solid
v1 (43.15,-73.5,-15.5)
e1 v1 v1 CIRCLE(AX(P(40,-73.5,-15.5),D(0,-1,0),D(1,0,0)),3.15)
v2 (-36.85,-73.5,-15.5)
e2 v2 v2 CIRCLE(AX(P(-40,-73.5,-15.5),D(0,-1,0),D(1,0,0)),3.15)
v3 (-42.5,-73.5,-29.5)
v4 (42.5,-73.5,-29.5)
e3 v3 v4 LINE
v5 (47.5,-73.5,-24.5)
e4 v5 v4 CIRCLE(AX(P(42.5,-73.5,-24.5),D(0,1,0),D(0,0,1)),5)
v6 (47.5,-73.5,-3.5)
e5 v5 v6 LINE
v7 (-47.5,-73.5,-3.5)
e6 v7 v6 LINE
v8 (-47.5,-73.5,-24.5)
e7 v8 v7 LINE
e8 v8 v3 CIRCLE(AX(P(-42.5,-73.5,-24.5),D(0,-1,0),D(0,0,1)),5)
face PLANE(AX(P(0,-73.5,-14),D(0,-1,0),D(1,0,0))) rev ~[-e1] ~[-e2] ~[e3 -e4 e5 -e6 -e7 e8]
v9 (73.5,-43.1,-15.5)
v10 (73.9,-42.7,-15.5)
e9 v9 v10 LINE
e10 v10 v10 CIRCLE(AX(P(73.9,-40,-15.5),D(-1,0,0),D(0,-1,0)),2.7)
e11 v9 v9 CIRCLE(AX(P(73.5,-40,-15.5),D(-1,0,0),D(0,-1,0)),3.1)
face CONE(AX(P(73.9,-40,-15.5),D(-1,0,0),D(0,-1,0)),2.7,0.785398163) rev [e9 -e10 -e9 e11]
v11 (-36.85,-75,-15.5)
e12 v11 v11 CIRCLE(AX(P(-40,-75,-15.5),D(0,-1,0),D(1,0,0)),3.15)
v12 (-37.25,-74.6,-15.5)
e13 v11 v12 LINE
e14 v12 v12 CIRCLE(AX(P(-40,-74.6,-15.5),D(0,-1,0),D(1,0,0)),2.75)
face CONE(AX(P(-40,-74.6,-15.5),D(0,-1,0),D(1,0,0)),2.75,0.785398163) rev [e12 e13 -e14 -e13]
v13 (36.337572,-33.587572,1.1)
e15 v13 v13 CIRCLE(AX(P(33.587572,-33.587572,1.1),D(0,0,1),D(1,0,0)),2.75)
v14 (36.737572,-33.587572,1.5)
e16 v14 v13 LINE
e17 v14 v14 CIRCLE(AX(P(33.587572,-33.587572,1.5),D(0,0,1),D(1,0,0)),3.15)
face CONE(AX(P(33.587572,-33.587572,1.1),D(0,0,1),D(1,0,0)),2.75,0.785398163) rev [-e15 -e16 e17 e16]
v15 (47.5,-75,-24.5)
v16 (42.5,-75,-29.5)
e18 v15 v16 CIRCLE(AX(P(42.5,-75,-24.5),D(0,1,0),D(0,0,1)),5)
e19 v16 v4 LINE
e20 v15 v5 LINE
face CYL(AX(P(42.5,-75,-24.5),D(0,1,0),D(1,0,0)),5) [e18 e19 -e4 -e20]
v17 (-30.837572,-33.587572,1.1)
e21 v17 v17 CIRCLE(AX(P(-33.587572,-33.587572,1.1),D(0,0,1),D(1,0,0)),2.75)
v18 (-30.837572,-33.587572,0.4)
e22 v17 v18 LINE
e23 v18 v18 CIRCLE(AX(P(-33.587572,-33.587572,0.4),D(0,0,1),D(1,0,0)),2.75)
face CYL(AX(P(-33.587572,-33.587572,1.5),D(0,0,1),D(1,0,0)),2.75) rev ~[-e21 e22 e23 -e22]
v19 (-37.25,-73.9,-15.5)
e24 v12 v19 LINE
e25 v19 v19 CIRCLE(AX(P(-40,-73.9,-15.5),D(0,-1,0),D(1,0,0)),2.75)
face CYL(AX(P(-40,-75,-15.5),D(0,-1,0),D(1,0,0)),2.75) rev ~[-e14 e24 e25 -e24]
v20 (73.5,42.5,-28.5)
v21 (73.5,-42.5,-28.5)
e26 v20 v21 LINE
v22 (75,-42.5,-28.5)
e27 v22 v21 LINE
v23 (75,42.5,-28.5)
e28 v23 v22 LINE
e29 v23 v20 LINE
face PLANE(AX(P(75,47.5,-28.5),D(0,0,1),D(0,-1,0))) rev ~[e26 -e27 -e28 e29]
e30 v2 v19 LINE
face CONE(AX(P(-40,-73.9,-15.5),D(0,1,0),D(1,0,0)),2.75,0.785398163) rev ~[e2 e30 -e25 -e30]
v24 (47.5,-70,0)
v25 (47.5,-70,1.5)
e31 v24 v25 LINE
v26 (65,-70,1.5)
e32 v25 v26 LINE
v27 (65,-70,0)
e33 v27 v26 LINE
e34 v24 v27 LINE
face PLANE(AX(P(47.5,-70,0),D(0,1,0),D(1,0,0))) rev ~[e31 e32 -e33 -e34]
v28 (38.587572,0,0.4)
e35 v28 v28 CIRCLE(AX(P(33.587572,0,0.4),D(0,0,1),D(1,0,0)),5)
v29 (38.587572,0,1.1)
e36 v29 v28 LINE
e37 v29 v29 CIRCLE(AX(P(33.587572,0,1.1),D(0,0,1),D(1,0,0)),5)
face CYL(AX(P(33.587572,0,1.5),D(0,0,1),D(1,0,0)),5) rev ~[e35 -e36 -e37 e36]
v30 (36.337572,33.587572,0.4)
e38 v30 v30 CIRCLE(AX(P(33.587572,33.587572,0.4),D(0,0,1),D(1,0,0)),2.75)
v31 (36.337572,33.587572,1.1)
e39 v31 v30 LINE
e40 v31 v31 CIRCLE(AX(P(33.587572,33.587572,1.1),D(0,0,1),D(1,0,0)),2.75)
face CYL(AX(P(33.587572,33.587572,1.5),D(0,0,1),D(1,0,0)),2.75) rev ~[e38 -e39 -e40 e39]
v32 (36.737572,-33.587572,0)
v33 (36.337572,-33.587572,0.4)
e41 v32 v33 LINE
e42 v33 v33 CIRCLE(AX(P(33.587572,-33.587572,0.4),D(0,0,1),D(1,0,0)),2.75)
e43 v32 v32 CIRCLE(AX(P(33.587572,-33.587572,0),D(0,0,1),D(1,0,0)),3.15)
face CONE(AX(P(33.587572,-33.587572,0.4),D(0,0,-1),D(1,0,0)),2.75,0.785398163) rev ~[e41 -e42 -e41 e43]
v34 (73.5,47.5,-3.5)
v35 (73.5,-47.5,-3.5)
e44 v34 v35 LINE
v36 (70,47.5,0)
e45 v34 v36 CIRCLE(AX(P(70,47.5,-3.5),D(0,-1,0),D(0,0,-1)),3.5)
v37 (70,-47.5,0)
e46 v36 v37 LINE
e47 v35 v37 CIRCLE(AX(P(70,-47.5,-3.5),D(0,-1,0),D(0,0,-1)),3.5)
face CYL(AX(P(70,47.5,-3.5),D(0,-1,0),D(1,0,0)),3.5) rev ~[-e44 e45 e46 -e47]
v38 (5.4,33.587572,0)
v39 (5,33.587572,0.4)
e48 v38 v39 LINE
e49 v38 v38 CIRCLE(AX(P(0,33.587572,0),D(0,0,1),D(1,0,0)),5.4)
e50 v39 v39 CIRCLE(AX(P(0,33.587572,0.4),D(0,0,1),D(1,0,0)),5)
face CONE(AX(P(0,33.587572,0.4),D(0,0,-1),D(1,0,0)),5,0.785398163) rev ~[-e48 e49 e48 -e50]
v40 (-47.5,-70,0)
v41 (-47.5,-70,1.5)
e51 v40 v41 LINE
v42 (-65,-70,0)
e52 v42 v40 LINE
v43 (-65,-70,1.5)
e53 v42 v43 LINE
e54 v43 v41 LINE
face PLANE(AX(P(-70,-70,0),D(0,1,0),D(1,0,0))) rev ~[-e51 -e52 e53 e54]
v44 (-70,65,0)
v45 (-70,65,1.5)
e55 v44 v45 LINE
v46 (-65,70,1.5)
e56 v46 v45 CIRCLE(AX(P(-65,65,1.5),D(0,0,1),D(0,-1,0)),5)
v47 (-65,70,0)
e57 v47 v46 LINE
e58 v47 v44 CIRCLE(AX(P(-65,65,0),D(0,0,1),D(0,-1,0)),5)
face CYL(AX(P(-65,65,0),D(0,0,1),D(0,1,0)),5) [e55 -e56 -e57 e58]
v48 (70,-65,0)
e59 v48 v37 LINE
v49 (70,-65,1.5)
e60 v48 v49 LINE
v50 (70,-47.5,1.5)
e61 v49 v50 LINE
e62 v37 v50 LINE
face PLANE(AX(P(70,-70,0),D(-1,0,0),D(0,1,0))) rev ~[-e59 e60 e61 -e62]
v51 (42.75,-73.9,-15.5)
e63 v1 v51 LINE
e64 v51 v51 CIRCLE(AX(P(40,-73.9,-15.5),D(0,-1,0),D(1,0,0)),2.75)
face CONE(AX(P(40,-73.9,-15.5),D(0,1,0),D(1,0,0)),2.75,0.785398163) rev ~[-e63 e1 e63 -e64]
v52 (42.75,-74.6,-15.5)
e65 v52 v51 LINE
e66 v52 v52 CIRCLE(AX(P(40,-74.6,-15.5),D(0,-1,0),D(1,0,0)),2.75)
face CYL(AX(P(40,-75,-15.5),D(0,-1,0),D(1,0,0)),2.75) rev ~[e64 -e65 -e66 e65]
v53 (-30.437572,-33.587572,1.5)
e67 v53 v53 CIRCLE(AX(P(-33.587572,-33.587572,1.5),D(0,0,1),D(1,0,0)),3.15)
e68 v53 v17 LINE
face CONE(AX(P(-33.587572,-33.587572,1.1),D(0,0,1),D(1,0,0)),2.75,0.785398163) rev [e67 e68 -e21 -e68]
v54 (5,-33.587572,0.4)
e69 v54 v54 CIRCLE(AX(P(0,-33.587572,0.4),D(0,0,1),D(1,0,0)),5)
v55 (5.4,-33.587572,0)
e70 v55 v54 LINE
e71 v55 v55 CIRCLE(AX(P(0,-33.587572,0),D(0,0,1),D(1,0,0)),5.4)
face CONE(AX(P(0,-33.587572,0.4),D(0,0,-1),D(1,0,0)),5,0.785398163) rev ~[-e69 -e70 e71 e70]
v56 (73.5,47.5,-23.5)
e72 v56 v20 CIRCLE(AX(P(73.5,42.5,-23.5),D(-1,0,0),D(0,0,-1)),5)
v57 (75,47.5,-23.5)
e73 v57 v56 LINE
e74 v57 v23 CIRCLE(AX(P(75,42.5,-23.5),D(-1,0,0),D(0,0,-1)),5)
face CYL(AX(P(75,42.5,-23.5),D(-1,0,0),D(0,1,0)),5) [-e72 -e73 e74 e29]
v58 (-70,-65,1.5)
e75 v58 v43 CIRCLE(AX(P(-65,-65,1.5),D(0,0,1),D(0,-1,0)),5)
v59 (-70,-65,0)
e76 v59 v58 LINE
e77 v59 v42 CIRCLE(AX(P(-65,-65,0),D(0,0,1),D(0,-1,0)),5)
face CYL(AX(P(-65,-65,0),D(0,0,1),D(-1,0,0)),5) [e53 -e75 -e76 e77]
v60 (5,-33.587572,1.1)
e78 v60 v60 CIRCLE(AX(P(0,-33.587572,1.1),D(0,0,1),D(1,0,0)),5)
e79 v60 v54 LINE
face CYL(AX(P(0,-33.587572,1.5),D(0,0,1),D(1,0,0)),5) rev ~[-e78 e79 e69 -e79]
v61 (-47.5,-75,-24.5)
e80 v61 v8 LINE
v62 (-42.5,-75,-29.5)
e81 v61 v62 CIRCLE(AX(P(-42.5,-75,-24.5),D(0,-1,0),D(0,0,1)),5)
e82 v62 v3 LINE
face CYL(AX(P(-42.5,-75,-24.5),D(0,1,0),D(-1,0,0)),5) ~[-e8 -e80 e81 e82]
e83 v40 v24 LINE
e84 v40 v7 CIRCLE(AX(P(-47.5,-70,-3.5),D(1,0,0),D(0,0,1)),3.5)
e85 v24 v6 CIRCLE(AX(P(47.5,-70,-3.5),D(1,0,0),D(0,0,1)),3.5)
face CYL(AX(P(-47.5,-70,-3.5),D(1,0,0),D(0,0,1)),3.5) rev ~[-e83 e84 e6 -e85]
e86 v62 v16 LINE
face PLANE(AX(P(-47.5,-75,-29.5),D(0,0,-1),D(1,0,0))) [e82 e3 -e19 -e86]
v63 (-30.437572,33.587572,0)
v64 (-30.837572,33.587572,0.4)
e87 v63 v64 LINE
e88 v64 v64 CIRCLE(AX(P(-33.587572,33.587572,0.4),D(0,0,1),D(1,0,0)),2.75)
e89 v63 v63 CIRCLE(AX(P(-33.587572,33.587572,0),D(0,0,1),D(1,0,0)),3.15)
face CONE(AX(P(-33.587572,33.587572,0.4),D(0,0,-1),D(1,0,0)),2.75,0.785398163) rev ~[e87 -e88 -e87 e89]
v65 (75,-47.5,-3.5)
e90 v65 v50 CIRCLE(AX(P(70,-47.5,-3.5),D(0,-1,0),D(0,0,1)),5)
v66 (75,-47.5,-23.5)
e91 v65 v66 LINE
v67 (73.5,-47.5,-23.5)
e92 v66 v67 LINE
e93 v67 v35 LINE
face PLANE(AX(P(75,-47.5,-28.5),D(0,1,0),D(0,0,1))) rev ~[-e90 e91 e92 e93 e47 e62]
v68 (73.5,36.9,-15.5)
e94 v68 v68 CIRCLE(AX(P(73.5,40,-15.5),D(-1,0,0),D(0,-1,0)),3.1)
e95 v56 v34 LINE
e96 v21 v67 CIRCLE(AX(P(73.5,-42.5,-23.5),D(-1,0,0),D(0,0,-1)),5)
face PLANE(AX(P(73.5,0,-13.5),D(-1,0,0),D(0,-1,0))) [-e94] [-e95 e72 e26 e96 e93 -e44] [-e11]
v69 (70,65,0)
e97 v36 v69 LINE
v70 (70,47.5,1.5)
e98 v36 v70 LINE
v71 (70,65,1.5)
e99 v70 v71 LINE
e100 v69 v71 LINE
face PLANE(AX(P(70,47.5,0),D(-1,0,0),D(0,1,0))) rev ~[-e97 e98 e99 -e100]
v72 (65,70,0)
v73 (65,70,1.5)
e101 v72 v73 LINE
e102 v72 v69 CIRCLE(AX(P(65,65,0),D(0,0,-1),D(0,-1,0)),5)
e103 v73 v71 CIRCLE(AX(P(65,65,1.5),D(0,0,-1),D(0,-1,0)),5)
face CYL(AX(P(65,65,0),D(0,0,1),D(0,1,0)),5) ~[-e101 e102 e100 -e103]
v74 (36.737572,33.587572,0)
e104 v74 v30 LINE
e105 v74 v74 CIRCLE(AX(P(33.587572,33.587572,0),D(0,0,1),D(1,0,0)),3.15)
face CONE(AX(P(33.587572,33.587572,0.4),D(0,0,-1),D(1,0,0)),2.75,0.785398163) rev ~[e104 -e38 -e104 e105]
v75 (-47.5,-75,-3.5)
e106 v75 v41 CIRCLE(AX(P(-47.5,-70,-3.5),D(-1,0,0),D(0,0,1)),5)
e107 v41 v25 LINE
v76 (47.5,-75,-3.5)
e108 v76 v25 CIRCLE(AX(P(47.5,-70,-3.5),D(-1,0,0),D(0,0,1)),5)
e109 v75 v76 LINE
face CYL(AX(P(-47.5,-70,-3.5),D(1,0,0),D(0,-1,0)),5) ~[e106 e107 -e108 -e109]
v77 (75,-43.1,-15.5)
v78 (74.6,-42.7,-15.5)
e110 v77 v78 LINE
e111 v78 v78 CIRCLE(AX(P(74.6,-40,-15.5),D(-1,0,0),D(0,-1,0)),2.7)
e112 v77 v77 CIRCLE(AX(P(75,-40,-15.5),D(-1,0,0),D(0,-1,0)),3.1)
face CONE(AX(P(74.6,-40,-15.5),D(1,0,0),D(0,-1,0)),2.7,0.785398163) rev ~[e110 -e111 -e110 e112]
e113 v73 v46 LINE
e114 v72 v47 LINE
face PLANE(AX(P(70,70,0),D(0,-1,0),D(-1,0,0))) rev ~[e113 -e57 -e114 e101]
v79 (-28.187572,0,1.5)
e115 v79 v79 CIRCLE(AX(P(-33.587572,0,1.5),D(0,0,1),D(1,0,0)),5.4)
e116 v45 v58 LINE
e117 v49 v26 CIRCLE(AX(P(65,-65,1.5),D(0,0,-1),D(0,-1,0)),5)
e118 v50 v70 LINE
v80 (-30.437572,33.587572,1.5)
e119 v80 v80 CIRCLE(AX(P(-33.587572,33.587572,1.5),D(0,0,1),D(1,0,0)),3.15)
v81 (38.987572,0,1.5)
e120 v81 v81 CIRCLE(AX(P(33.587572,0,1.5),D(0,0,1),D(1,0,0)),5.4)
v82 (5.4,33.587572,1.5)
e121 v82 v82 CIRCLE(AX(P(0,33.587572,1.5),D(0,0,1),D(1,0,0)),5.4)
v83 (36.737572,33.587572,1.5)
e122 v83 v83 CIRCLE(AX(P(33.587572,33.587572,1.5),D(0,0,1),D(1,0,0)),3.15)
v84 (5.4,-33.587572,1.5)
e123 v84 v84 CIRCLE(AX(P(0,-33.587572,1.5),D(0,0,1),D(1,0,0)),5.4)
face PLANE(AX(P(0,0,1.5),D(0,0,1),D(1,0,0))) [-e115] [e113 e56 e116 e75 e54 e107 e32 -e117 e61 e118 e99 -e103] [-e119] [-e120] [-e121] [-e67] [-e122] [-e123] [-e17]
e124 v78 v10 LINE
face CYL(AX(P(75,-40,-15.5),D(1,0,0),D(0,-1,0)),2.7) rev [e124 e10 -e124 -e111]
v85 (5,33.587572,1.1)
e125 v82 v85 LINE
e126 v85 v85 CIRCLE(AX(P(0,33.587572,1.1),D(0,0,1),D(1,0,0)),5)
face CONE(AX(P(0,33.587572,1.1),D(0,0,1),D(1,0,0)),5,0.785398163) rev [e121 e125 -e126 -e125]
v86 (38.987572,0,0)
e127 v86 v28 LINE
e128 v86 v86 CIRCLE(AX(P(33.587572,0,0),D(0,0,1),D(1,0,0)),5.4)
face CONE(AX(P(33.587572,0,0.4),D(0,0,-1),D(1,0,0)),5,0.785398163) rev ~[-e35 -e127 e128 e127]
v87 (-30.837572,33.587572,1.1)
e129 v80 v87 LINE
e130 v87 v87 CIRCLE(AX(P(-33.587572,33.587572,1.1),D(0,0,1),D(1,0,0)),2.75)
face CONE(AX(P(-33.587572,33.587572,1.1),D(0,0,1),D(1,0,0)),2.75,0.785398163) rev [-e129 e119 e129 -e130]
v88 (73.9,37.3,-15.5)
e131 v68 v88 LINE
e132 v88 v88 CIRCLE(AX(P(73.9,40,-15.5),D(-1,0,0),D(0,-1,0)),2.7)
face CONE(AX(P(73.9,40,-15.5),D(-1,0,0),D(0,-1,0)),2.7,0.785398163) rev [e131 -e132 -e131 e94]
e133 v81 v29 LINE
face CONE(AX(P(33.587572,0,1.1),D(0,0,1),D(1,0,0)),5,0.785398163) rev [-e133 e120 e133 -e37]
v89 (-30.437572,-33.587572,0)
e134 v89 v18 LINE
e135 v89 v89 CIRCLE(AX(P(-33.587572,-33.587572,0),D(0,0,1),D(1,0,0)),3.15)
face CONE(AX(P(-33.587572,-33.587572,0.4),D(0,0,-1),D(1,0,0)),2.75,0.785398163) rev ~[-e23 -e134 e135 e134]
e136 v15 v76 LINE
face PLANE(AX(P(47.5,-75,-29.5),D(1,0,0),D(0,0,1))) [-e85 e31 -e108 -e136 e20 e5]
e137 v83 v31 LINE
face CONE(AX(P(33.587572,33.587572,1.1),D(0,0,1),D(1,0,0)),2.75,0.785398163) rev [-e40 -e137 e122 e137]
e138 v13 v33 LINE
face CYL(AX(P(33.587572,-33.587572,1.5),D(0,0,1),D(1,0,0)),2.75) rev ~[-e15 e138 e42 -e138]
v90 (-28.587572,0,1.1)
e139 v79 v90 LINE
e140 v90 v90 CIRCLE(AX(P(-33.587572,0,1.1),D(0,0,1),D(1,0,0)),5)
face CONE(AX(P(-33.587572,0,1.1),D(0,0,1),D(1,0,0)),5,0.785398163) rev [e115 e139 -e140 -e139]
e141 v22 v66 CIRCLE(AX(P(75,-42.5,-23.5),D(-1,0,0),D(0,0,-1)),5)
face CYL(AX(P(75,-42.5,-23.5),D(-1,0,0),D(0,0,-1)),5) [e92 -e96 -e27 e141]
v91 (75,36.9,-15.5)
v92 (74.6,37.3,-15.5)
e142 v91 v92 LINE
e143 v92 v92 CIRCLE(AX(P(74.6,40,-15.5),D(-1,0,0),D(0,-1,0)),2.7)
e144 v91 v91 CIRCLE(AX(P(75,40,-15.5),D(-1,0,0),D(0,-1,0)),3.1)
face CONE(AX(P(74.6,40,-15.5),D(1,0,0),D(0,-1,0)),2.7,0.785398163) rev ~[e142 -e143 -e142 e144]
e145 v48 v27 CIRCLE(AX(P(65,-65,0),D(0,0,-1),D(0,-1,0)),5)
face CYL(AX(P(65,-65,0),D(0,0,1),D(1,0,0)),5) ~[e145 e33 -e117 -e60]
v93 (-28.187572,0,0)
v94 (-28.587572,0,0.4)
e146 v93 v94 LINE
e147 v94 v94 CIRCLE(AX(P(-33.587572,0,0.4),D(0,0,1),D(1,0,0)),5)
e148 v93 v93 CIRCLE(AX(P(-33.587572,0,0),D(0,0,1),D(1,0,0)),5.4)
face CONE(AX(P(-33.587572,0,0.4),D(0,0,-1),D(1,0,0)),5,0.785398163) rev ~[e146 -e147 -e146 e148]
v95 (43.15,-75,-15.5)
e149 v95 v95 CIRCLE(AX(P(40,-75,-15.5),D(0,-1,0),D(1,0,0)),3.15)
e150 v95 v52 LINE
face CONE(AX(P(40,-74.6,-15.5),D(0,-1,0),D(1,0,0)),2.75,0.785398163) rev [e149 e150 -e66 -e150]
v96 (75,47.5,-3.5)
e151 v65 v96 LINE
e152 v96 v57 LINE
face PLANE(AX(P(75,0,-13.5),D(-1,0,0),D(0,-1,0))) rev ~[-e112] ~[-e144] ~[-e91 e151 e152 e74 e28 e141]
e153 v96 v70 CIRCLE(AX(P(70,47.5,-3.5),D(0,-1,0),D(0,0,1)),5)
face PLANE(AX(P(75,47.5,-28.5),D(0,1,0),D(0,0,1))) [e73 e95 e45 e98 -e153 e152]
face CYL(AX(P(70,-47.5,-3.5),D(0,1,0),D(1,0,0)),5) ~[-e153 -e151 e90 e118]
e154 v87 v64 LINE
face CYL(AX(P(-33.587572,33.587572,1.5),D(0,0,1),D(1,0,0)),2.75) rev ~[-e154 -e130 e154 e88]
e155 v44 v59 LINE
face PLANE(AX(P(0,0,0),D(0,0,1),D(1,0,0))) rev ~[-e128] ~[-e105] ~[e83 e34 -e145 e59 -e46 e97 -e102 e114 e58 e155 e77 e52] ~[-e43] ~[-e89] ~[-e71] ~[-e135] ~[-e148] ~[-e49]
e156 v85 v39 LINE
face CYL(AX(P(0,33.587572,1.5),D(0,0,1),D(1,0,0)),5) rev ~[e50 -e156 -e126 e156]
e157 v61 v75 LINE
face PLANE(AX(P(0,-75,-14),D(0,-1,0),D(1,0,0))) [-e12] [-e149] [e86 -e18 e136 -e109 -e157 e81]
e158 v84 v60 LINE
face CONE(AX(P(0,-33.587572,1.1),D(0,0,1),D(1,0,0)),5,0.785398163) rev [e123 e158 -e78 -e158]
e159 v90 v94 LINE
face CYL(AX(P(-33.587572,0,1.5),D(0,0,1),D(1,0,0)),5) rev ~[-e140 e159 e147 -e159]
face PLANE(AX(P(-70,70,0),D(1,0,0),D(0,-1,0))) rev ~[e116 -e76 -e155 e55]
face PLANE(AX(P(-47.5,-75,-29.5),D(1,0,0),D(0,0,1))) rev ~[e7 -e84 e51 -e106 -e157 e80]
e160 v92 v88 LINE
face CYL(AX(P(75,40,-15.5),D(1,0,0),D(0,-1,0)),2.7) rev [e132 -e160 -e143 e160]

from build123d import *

# Parameters (mm, degrees)
F0_W      = 5
F0_H      = 95
F0_W_2    = 95
F0_H_2    = 5
F1_DEPTH  = 1.5
F2_R      = 2.75
F2_R_2    = 5
F3_DEPTH  = 1.501
F4_R      = 5
F6_W      = 95
F6_H      = 31
F6_R      = 2.75
F7_DEPTH  = 1.5
F9_W      = 95
F9_H      = 30
F9_R      = 2.7
F10_DEPTH = 1.5
F11_R     = 5
F12_R     = 3.5
F13_R     = 5
F14_SIZE  = 0.4
F15_SIZE  = 0.4


with BuildPart() as f1:
    # F0 (on Top) → F1 (new body)
    with BuildSketch(Plane.XY):
        Polygon((70, 70), (-70, 70), (-70, -70), (-47.5, -70), (47.5, -70), (70, -70), (70, -47.5), (70, 47.5), align=None)
        with Locations((72.5, 0)):
            Rectangle(F0_W, F0_H)
        with Locations((0, -72.5)):
            Rectangle(F0_W_2, F0_H_2)
    extrude(amount=F1_DEPTH)

    # F2 (on face) → F3 (cut, through all)
    with BuildSketch(Plane.XY.offset(1.5)):
        with Locations((-33.5875721064, -33.5875721064)):
            Circle(F2_R)
        with Locations((33.5875721064, -33.5875721064)):
            Circle(F2_R)
        with Locations((-33.5875721064, 33.5875721064)):
            Circle(F2_R)
        with Locations((33.5875721064, 33.5875721064)):
            Circle(F2_R)
        with Locations((0, -33.5875721064)):
            Circle(F2_R_2)
        with Locations((33.5875721064, 0)):
            Circle(F2_R_2)
        with Locations((-33.5875721064, 0)):
            Circle(F2_R_2)
        with Locations((0, 33.5875721064)):
            Circle(F2_R_2)
    extrude(amount=-F3_DEPTH, mode=Mode.SUBTRACT)

    # F4
    f4_edges = [f1.edges().sort_by_distance(p)[0] for p in [
        (70, -70, 0.75),
        (-70, -70, 0.75),
        (70, 70, 0.75),
        (-70, 70, 0.75),
    ]]
    fillet(f4_edges, radius=F4_R)

    # F6 (on 3pt) → F7 (join)
    with BuildSketch(Plane.XZ.offset(75)):
        with Locations((0, -14)):
            Rectangle(F6_W, F6_H)
        with Locations((-40, -15.5)):
            Circle(F6_R, mode=Mode.SUBTRACT)
        with Locations((40, -15.5)):
            Circle(F6_R, mode=Mode.SUBTRACT)
    extrude(amount=-F7_DEPTH)

    # F9 (on 3pt) → F10 (join)
    with BuildSketch(Plane(origin=(75, 0, 0), x_dir=(0, -1, 0), z_dir=(-1, 0, 0))):
        with Locations((0, -13.5)):
            Rectangle(F9_W, F9_H)
        with Locations((-40, -15.5)):
            Circle(F9_R, mode=Mode.SUBTRACT)
        with Locations((40, -15.5)):
            Circle(F9_R, mode=Mode.SUBTRACT)
    extrude(amount=F10_DEPTH)

    # F11
    f11_edges = [f1.edges().sort_by_distance(p)[0] for p in [
        (75, 0, 1.5),
        (0, -75, 1.5),
    ]]
    fillet(f11_edges, radius=F11_R)

    # F12
    f12_edges = [f1.edges().sort_by_distance(p)[0] for p in [
        (73.5, 0, 0),
        (0, -73.5, 0),
    ]]
    fillet(f12_edges, radius=F12_R)

    # F13
    f13_edges = [f1.edges().sort_by_distance(p)[0] for p in [
        (74.25, -47.5, -28.5),
        (47.5, -74.25, -29.5),
        (74.25, 47.5, -28.5),
        (-47.5, -74.25, -29.5),
    ]]
    fillet(f13_edges, radius=F13_R)

    # F14
    f14_edges = [f1.edges().sort_by_distance(p)[0] for p in [
        (-5, -33.587572, 1.5),
        (5, -33.587572, 0.75),
        (-5, -33.587572, 0),
        (-38.587572, 0, 1.5),
        (-28.587572, 0, 0.75),
        (-38.587572, 0, 0),
        (-36.337572, -33.587572, 1.5),
        (-30.837572, -33.587572, 0.75),
        (-36.337572, -33.587572, 0),
        (30.837572, -33.587572, 1.5),
        (36.337572, -33.587572, 0.75),
        (30.837572, -33.587572, 0),
        (28.587572, 0, 1.5),
        (38.587572, 0, 0.75),
        (28.587572, 0, 0),
        (-5, 33.587572, 1.5),
        (5, 33.587572, 0.75),
        (-5, 33.587572, 0),
        (-36.337572, 33.587572, 1.5),
        (-30.837572, 33.587572, 0.75),
        (-36.337572, 33.587572, 0),
        (30.837572, 33.587572, 1.5),
        (36.337572, 33.587572, 0.75),
        (30.837572, 33.587572, 0),
    ]]
    chamfer(f14_edges, length=F14_SIZE)

    # F15
    f15_edges = [f1.edges().sort_by_distance(p)[0] for p in [
        (42.75, -74.25, -15.5),
        (37.25, -75, -15.5),
        (37.25, -73.5, -15.5),
        (-37.25, -74.25, -15.5),
        (-42.75, -75, -15.5),
        (-42.75, -73.5, -15.5),
        (74.25, -42.7, -15.5),
        (75, -37.3, -15.5),
        (73.5, -37.3, -15.5),
        (74.25, 37.3, -15.5),
        (75, 42.7, -15.5),
        (73.5, 42.7, -15.5),
    ]]
    chamfer(f15_edges, length=F15_SIZE)


solid = f1.part
